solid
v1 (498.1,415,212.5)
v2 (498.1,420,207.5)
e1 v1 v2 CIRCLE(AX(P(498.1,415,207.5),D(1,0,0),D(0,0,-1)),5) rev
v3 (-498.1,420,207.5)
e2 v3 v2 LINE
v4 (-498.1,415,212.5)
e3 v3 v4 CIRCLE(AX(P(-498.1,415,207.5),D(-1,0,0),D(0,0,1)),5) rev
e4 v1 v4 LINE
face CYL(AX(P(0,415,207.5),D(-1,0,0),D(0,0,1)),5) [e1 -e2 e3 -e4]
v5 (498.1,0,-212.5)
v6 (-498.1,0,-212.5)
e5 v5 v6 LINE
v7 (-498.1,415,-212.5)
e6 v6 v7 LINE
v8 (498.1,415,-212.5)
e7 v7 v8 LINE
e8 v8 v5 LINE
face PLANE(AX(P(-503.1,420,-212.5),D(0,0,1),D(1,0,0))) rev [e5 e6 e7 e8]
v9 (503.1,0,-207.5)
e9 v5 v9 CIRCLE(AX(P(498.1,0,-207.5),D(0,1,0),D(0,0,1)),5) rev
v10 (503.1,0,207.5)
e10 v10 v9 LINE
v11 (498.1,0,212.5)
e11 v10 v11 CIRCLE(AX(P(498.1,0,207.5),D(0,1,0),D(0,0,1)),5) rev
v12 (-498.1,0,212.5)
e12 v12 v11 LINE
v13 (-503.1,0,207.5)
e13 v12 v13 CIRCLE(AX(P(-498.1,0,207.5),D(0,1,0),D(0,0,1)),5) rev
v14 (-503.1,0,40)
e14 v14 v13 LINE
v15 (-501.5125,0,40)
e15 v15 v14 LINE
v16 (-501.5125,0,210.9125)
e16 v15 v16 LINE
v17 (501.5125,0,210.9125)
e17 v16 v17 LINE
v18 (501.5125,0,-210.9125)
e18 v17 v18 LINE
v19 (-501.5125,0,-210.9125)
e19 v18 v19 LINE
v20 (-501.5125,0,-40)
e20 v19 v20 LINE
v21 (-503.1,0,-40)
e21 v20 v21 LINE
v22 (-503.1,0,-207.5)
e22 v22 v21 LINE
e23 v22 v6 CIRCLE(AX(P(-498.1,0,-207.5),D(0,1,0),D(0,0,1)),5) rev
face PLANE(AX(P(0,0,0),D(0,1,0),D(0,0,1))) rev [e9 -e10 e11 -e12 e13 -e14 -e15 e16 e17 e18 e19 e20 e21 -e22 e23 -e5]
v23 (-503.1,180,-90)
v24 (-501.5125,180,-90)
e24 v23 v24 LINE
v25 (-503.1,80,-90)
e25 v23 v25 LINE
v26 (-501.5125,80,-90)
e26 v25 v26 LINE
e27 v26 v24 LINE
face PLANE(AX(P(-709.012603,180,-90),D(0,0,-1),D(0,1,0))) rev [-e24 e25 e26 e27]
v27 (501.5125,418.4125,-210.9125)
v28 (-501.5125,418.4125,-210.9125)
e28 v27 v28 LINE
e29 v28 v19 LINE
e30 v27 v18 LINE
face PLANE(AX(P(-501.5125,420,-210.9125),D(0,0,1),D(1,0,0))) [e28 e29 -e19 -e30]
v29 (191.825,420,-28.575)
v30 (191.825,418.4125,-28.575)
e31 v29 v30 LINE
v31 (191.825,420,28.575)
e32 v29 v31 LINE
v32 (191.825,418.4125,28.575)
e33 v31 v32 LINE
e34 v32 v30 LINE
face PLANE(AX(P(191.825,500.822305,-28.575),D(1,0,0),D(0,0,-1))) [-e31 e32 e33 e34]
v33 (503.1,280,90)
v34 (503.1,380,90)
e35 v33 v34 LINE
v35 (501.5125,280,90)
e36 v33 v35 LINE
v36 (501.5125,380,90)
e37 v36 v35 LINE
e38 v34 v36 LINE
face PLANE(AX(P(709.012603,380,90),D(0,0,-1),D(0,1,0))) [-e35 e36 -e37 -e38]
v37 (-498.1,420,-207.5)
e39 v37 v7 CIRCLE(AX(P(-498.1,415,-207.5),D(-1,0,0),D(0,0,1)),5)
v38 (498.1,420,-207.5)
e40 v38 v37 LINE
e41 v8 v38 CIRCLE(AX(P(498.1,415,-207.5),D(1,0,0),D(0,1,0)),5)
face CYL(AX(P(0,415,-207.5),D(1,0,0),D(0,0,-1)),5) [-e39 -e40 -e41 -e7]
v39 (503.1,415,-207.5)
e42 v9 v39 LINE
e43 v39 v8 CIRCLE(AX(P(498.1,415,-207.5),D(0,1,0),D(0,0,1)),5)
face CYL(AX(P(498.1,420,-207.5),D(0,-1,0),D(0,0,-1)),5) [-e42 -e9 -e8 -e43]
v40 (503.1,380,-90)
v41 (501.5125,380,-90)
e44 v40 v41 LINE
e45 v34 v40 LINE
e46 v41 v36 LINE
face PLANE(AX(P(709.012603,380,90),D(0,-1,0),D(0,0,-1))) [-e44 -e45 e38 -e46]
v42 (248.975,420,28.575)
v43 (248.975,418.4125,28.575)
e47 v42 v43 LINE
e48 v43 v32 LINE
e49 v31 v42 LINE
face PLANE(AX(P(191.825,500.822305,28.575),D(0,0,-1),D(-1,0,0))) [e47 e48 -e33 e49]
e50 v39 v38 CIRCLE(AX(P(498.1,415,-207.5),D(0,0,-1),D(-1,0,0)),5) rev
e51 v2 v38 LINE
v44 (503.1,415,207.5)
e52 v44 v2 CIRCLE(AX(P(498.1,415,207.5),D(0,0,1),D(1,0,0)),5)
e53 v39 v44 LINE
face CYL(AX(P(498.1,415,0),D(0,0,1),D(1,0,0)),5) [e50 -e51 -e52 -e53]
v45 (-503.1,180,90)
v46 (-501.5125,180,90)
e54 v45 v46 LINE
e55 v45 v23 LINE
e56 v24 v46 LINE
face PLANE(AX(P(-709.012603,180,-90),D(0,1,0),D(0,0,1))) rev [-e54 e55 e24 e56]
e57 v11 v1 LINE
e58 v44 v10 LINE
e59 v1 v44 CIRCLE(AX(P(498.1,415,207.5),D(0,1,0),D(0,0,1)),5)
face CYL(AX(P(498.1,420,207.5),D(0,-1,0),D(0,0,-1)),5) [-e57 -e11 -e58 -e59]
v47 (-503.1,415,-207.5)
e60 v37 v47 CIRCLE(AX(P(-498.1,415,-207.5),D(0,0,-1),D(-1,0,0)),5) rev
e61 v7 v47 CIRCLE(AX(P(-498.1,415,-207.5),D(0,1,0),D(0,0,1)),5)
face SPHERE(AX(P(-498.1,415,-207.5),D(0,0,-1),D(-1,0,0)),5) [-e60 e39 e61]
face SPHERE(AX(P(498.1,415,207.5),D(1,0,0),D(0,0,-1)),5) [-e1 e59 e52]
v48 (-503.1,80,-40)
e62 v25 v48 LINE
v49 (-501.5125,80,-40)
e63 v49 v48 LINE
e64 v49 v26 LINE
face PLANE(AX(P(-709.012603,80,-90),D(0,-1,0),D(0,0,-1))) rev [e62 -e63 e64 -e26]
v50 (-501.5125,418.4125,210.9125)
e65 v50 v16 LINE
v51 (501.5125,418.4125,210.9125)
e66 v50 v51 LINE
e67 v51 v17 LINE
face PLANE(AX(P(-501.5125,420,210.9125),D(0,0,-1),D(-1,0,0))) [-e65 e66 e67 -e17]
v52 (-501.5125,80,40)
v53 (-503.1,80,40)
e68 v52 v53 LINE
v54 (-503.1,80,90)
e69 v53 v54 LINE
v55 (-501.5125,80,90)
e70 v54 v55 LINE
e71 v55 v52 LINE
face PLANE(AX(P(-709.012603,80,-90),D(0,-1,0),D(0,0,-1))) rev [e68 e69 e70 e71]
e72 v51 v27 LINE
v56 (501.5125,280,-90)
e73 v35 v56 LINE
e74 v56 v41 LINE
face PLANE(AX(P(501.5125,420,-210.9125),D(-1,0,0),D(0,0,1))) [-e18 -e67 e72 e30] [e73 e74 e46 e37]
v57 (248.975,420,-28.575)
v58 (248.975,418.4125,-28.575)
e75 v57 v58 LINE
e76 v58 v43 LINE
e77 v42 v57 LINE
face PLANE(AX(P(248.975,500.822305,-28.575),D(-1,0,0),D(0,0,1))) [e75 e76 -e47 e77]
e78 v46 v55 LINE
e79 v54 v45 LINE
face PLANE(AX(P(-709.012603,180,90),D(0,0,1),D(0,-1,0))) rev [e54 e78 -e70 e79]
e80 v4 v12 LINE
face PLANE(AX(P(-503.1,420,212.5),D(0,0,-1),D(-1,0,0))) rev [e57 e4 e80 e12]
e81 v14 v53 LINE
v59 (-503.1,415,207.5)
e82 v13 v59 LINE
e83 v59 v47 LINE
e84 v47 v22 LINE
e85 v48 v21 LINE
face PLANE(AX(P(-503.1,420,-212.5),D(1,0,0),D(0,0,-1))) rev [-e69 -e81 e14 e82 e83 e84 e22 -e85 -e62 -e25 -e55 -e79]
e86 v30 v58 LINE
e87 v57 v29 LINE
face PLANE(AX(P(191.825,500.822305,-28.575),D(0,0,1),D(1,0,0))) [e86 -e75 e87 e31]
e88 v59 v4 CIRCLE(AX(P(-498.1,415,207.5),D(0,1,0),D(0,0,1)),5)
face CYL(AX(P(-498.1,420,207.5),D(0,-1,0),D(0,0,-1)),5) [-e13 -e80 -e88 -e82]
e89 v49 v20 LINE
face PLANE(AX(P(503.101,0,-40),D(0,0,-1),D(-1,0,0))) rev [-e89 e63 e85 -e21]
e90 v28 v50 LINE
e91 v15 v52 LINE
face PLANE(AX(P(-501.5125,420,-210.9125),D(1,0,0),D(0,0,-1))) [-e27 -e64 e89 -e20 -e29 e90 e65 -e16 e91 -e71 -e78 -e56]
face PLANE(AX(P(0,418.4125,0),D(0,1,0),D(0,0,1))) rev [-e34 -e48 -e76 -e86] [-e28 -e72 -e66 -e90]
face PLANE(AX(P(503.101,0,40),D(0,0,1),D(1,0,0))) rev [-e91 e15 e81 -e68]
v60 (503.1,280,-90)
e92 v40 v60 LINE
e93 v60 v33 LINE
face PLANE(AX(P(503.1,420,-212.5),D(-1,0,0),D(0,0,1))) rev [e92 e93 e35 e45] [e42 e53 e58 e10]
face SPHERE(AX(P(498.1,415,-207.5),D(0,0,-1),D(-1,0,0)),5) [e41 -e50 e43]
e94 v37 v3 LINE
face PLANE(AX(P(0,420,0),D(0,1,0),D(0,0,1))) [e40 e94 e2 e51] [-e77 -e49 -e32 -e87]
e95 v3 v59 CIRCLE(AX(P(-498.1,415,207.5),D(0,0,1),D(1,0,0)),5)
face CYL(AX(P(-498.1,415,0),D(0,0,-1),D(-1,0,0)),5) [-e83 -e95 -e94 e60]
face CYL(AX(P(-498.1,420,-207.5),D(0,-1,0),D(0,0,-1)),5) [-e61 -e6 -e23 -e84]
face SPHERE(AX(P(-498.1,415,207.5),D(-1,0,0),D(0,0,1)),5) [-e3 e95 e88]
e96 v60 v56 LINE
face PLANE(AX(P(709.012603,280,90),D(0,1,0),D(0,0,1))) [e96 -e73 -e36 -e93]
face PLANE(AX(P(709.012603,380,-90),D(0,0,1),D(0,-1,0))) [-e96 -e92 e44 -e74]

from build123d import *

# Parameters (mm, degrees)
SKETCH2_W           = 1006.2
SKETCH2_H           = 425
SKETCH2_W_2         = 1003.025
SKETCH2_H_2         = 421.825
BOSS_EXTRUDE1_DEPTH = 420
BOSS_EXTRUDE2_START = 420
SKETCH3_W           = 1006.2
SKETCH3_H           = 425
BOSS_EXTRUDE2_DEPTH = 1.5875
FILLET2_R           = 5
CUT_EXTRUDE1_REACH  = 1112.853
SKETCH4_W           = 80
SKETCH4_H           = 80
SKETCH7_W           = 57.15
SKETCH7_H           = 57.15
CUT_EXTRUDE2_DEPTH  = 420
SKETCH8_W           = 180
SKETCH8_H           = 100
CUT_EXTRUDE3_DEPTH  = 503.1
SKETCH9_W           = 180
SKETCH9_H           = 100
CUT_EXTRUDE4_DEPTH  = 503.1


with BuildPart() as part:
    # Sketch2 → Boss-Extrude1 (new body)
    with BuildSketch(Plane(origin=(0, 0, 0), x_dir=(1, 0, 0), z_dir=(0, 1, 0))):
        Rectangle(SKETCH2_W, SKETCH2_H)
        Rectangle(SKETCH2_W_2, SKETCH2_H_2, mode=Mode.SUBTRACT)
    extrude(amount=BOSS_EXTRUDE1_DEPTH)

    # Sketch3 → Boss-Extrude2 (add)
    with BuildSketch(Plane(origin=(0, 0, 0), x_dir=(1, 0, 0), z_dir=(0, 1, 0)).offset(BOSS_EXTRUDE2_START)):
        Rectangle(SKETCH3_W, SKETCH3_H)
    extrude(amount=-BOSS_EXTRUDE2_DEPTH)

    # Fillet2
    fillet2_edges = [part.edges().sort_by_distance(p)[0] for p in [
        (-503.1, 420, 0),
        (0, 420, 212.5),
        (503.1, 420, 0),
        (503.1, 210, 212.5),
        (-503.1, 210, 212.5),
        (-503.1, 210, -212.5),
        (503.1, 210, -212.5),
        (0, 420, -212.5),
    ]]
    fillet(fillet2_edges, radius=FILLET2_R)

    # Sketch4 → Cut-Extrude1 (cut, up to next)
    with BuildSketch(Plane.ZY.offset(503.1), mode=Mode.PRIVATE) as cut_extrude1_sk1:
        with Locations((0, 40)):
            Rectangle(SKETCH4_W, SKETCH4_H)
    cut_extrude1_tool1 = extrude(cut_extrude1_sk1.sketch, amount=-CUT_EXTRUDE1_REACH, mode=Mode.PRIVATE) & part.part
    add(cut_extrude1_tool1.solids().sort_by_distance((-503.1, 40, 0))[0], mode=Mode.SUBTRACT)

    # Sketch7 → Cut-Extrude2 (cut)
    with BuildSketch(Plane(origin=(0, 0, 0), x_dir=(1, 0, 0), z_dir=(0, 1, 0))):
        with Locations((220.4, 0)):
            Rectangle(SKETCH7_W, SKETCH7_H)
    extrude(amount=CUT_EXTRUDE2_DEPTH, mode=Mode.SUBTRACT)

    # Sketch8 → Cut-Extrude3 (cut)
    with BuildSketch(Plane(origin=(0, 0, 0), x_dir=(0, 0, -1), z_dir=(1, 0, 0))):
        with Locations((0, 330)):
            Rectangle(SKETCH8_W, SKETCH8_H)
    extrude(amount=CUT_EXTRUDE3_DEPTH, mode=Mode.SUBTRACT)

    # Sketch9 → Cut-Extrude4 (cut)
    with BuildSketch(Plane(origin=(0, 0, 0), x_dir=(0, 0, -1), z_dir=(1, 0, 0))):
        with Locations((0, 130)):
            Rectangle(SKETCH9_W, SKETCH9_H)
    extrude(amount=-CUT_EXTRUDE4_DEPTH, mode=Mode.SUBTRACT)


solid = part.part
